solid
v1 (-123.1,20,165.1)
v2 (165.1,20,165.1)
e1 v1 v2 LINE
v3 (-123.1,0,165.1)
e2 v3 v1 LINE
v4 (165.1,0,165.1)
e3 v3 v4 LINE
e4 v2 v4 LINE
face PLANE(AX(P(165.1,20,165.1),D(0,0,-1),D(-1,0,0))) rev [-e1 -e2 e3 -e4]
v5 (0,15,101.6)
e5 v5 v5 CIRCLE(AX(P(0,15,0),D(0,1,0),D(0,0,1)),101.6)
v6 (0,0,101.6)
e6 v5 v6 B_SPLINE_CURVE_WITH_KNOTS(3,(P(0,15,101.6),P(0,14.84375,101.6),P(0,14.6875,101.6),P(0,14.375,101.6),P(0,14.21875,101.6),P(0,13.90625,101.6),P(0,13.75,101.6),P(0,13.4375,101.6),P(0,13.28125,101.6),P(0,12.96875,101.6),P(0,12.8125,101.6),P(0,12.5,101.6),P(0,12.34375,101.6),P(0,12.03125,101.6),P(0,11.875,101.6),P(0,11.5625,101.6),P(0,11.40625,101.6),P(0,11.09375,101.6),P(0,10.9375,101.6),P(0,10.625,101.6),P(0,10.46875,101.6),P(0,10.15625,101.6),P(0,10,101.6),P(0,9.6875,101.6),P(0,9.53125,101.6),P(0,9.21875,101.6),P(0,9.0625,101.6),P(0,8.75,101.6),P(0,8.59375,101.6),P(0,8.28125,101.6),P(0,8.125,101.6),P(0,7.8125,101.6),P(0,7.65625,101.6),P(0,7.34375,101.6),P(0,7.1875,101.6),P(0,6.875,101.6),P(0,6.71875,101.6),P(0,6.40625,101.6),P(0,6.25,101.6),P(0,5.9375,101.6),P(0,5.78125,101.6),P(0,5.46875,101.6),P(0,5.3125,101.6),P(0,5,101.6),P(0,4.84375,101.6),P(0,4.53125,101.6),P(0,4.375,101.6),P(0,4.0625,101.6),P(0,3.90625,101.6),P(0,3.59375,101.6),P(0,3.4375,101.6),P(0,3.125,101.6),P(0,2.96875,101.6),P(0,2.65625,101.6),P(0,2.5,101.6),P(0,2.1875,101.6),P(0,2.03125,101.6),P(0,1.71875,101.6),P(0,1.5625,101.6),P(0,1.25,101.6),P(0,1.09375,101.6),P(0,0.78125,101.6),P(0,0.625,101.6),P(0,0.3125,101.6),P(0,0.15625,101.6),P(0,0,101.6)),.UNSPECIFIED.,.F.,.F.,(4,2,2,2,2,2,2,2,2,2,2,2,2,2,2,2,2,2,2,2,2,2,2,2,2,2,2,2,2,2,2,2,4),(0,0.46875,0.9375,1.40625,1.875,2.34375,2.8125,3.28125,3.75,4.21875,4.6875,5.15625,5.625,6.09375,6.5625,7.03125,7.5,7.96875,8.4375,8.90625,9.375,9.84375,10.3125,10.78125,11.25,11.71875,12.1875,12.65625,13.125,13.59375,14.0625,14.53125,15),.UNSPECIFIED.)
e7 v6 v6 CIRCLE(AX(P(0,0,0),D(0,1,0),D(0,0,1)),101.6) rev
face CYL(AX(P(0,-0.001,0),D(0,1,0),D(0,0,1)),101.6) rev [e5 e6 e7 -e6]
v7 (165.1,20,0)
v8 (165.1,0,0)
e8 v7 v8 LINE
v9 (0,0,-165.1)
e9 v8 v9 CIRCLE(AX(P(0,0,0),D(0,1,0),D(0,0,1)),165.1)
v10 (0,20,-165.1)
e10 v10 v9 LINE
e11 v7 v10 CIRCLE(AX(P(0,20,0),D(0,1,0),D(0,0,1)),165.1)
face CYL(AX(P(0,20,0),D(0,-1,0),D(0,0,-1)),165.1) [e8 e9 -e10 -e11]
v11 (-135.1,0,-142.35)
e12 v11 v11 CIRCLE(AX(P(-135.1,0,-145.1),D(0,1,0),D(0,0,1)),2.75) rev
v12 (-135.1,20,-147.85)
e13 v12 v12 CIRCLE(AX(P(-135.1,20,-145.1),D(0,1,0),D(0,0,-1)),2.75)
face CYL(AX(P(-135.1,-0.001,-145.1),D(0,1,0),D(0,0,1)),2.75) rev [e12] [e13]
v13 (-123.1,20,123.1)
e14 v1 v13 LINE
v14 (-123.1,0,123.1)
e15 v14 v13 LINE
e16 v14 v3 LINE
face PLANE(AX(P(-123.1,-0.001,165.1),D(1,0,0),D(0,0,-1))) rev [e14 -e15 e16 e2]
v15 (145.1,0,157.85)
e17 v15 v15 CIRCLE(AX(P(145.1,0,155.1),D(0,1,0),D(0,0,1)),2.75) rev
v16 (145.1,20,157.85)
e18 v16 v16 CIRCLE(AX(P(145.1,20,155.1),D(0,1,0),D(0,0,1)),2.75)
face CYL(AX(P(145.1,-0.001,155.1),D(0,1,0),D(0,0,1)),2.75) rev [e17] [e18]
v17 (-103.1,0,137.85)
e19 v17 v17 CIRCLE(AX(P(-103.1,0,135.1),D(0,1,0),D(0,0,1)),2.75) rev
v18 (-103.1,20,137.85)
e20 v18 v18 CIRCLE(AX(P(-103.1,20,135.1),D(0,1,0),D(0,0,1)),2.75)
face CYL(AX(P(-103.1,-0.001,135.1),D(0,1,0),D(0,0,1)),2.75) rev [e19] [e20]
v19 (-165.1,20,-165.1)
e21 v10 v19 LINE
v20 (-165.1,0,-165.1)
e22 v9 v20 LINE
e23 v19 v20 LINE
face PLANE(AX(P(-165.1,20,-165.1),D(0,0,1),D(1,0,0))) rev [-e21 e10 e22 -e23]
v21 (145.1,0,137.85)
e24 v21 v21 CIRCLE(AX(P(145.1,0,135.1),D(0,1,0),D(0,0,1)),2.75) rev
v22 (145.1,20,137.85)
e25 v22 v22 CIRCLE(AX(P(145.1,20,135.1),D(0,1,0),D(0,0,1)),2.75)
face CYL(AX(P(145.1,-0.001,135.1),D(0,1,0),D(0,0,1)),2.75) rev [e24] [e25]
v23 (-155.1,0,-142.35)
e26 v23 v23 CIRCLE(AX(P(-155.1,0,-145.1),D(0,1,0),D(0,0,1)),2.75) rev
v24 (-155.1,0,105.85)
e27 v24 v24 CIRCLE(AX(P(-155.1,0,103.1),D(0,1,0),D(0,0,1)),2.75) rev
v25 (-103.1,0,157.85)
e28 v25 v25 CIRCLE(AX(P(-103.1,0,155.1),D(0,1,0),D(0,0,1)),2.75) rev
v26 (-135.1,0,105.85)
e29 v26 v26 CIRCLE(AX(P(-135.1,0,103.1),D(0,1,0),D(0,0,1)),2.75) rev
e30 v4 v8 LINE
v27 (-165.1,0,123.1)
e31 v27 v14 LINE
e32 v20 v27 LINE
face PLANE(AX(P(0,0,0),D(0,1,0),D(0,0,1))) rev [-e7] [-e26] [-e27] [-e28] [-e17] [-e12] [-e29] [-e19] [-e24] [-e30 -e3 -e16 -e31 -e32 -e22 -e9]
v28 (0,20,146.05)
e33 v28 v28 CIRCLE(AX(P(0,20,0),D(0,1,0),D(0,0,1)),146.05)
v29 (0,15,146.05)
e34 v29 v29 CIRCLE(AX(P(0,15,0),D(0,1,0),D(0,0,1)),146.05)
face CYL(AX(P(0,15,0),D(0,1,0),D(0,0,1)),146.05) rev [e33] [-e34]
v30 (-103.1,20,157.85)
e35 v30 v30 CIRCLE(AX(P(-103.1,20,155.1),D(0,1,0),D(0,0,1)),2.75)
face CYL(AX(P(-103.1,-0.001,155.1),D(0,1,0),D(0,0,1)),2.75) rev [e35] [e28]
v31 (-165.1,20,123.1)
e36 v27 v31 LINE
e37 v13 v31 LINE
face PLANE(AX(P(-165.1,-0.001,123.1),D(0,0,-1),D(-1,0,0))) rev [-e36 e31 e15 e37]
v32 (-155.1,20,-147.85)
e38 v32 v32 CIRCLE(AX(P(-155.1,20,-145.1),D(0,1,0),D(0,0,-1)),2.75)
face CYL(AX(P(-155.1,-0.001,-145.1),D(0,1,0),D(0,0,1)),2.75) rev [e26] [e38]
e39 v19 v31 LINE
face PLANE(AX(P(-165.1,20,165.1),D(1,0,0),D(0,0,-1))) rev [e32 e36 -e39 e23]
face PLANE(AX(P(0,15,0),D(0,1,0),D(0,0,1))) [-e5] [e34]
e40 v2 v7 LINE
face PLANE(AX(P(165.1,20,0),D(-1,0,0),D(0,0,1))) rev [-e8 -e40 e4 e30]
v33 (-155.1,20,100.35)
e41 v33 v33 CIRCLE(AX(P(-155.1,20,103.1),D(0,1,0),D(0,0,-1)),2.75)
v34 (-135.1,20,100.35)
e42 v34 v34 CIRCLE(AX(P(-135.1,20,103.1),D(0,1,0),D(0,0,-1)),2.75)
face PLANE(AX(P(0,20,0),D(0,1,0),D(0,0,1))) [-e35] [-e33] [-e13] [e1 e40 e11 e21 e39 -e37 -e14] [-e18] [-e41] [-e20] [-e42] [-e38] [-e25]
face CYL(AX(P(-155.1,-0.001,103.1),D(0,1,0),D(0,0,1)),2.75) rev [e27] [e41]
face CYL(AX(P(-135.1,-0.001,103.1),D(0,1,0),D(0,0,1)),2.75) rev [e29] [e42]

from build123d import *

# Parameters (mm, degrees)
BOSS_EXTRUDE1_DEPTH = 20
SKETCH2_R           = 146.05
CUT_EXTRUDE1_DEPTH  = 5
CUT_EXTRUDE2_REACH  = 235.968
SKETCH3_R           = 101.6
CUT_EXTRUDE3_REACH  = 236.342
SKETCH4_W           = 42
SKETCH4_H           = 42
CUT_EXTRUDE4_REACH  = 236.342
SKETCH5_R           = 2.75


with BuildPart() as part:
    # Sketch1 → Boss-Extrude1 (new body)
    with BuildSketch(Plane(origin=(0, 0, 0), x_dir=(1, 0, 0), z_dir=(0, 1, 0))):
        with BuildLine():
            Line((165.1, 0), (165.1, -165.1))
            Line((165.1, -165.1), (-165.1, -165.1))
            Line((-165.1, -165.1), (-165.1, 165.1))
            Line((-165.1, 165.1), (0, 165.1))
            ThreePointArc((0, 165.1), (116.743329574, 116.743329574), (165.1, 0))
        make_face()
    extrude(amount=BOSS_EXTRUDE1_DEPTH)

    # Sketch2 → Cut-Extrude1 (cut)
    with BuildSketch(Plane(origin=(0, 20, 0), x_dir=(1, 0, 0), z_dir=(0, 1, 0))):
        with Locations(Location((0, 0, 0), (0, 0, 270))):
            Circle(SKETCH2_R)
    extrude(amount=-CUT_EXTRUDE1_DEPTH, mode=Mode.SUBTRACT)

    # Sketch3 → Cut-Extrude2 (cut, up to next)
    with BuildSketch(Plane(origin=(0, 15, 0), x_dir=(1, 0, 0), z_dir=(0, 1, 0)), mode=Mode.PRIVATE) as cut_extrude2_sk1:
        with Locations(Location((0, 0, 0), (0, 0, 270))):
            Circle(SKETCH3_R)
    cut_extrude2_tool1 = extrude(cut_extrude2_sk1.sketch, amount=-CUT_EXTRUDE2_REACH, mode=Mode.PRIVATE) & part.part
    add(cut_extrude2_tool1.solids().sort_by_distance((0, 15, 0))[0], mode=Mode.SUBTRACT)

    # Sketch4 → Cut-Extrude3 (cut, up to next)
    with BuildSketch(Plane(origin=(0, 20, 0), x_dir=(1, 0, 0), z_dir=(0, 1, 0)), mode=Mode.PRIVATE) as cut_extrude3_sk1:
        with Locations((-144.1, -144.1)):
            Rectangle(SKETCH4_W, SKETCH4_H)
    cut_extrude3_tool1 = extrude(cut_extrude3_sk1.sketch, amount=-CUT_EXTRUDE3_REACH, mode=Mode.PRIVATE) & part.part
    add(cut_extrude3_tool1.solids().sort_by_distance((-144.1, 20, 144.1))[0], mode=Mode.SUBTRACT)

    # Sketch5 → Cut-Extrude4 (cut, up to next)
    with BuildSketch(Plane(origin=(0, 20, 0), x_dir=(1, 0, 0), z_dir=(0, 1, 0)), mode=Mode.PRIVATE) as cut_extrude4_sk1:
        with Locations(Location((-103.1, -135.1, 0), (0, 0, 270))):
            Circle(SKETCH5_R)
    cut_extrude4_tool1 = extrude(cut_extrude4_sk1.sketch, amount=-CUT_EXTRUDE4_REACH, mode=Mode.PRIVATE) & part.part
    # Sketch5 → Cut-Extrude4 (cut, up to next)
    with BuildSketch(Plane(origin=(0, 20, 0), x_dir=(1, 0, 0), z_dir=(0, 1, 0)), mode=Mode.PRIVATE) as cut_extrude4_sk2:
        with Locations(Location((145.1, -135.1, 0), (0, 0, 270))):
            Circle(SKETCH5_R)
    cut_extrude4_tool2 = extrude(cut_extrude4_sk2.sketch, amount=-CUT_EXTRUDE4_REACH, mode=Mode.PRIVATE) & part.part
    # Sketch5 → Cut-Extrude4 (cut, up to next)
    with BuildSketch(Plane(origin=(0, 20, 0), x_dir=(1, 0, 0), z_dir=(0, 1, 0)), mode=Mode.PRIVATE) as cut_extrude4_sk3:
        with Locations(Location((-103.1, -155.1, 0), (0, 0, 270))):
            Circle(SKETCH5_R)
    cut_extrude4_tool3 = extrude(cut_extrude4_sk3.sketch, amount=-CUT_EXTRUDE4_REACH, mode=Mode.PRIVATE) & part.part
    # Sketch5 → Cut-Extrude4 (cut, up to next)
    with BuildSketch(Plane(origin=(0, 20, 0), x_dir=(1, 0, 0), z_dir=(0, 1, 0)), mode=Mode.PRIVATE) as cut_extrude4_sk4:
        with Locations(Location((145.1, -155.1, 0), (0, 0, 270))):
            Circle(SKETCH5_R)
    cut_extrude4_tool4 = extrude(cut_extrude4_sk4.sketch, amount=-CUT_EXTRUDE4_REACH, mode=Mode.PRIVATE) & part.part
    # Sketch5 → Cut-Extrude4 (cut, up to next)
    with BuildSketch(Plane(origin=(0, 20, 0), x_dir=(1, 0, 0), z_dir=(0, 1, 0)), mode=Mode.PRIVATE) as cut_extrude4_sk5:
        with Locations(Location((-155.1, 145.1, 0), (0, 0, 270))):
            Circle(SKETCH5_R)
    cut_extrude4_tool5 = extrude(cut_extrude4_sk5.sketch, amount=-CUT_EXTRUDE4_REACH, mode=Mode.PRIVATE) & part.part
    # Sketch5 → Cut-Extrude4 (cut, up to next)
    with BuildSketch(Plane(origin=(0, 20, 0), x_dir=(1, 0, 0), z_dir=(0, 1, 0)), mode=Mode.PRIVATE) as cut_extrude4_sk6:
        with Locations(Location((-155.1, -103.1, 0), (0, 0, 270))):
            Circle(SKETCH5_R)
    cut_extrude4_tool6 = extrude(cut_extrude4_sk6.sketch, amount=-CUT_EXTRUDE4_REACH, mode=Mode.PRIVATE) & part.part
    # Sketch5 → Cut-Extrude4 (cut, up to next)
    with BuildSketch(Plane(origin=(0, 20, 0), x_dir=(1, 0, 0), z_dir=(0, 1, 0)), mode=Mode.PRIVATE) as cut_extrude4_sk7:
        with Locations(Location((-135.1, 145.1, 0), (0, 0, 270))):
            Circle(SKETCH5_R)
    cut_extrude4_tool7 = extrude(cut_extrude4_sk7.sketch, amount=-CUT_EXTRUDE4_REACH, mode=Mode.PRIVATE) & part.part
    # Sketch5 → Cut-Extrude4 (cut, up to next)
    with BuildSketch(Plane(origin=(0, 20, 0), x_dir=(1, 0, 0), z_dir=(0, 1, 0)), mode=Mode.PRIVATE) as cut_extrude4_sk8:
        with Locations(Location((-135.1, -103.1, 0), (0, 0, 270))):
            Circle(SKETCH5_R)
    cut_extrude4_tool8 = extrude(cut_extrude4_sk8.sketch, amount=-CUT_EXTRUDE4_REACH, mode=Mode.PRIVATE) & part.part
    add(cut_extrude4_tool1.solids().sort_by_distance((-103.1, 20, 135.1))[0], mode=Mode.SUBTRACT)
    add(cut_extrude4_tool2.solids().sort_by_distance((145.1, 20, 135.1))[0], mode=Mode.SUBTRACT)
    add(cut_extrude4_tool3.solids().sort_by_distance((-103.1, 20, 155.1))[0], mode=Mode.SUBTRACT)
    add(cut_extrude4_tool4.solids().sort_by_distance((145.1, 20, 155.1))[0], mode=Mode.SUBTRACT)
    add(cut_extrude4_tool5.solids().sort_by_distance((-155.1, 20, -145.1))[0], mode=Mode.SUBTRACT)
    add(cut_extrude4_tool6.solids().sort_by_distance((-155.1, 20, 103.1))[0], mode=Mode.SUBTRACT)
    add(cut_extrude4_tool7.solids().sort_by_distance((-135.1, 20, -145.1))[0], mode=Mode.SUBTRACT)
    add(cut_extrude4_tool8.solids().sort_by_distance((-135.1, 20, 103.1))[0], mode=Mode.SUBTRACT)


solid = part.part
